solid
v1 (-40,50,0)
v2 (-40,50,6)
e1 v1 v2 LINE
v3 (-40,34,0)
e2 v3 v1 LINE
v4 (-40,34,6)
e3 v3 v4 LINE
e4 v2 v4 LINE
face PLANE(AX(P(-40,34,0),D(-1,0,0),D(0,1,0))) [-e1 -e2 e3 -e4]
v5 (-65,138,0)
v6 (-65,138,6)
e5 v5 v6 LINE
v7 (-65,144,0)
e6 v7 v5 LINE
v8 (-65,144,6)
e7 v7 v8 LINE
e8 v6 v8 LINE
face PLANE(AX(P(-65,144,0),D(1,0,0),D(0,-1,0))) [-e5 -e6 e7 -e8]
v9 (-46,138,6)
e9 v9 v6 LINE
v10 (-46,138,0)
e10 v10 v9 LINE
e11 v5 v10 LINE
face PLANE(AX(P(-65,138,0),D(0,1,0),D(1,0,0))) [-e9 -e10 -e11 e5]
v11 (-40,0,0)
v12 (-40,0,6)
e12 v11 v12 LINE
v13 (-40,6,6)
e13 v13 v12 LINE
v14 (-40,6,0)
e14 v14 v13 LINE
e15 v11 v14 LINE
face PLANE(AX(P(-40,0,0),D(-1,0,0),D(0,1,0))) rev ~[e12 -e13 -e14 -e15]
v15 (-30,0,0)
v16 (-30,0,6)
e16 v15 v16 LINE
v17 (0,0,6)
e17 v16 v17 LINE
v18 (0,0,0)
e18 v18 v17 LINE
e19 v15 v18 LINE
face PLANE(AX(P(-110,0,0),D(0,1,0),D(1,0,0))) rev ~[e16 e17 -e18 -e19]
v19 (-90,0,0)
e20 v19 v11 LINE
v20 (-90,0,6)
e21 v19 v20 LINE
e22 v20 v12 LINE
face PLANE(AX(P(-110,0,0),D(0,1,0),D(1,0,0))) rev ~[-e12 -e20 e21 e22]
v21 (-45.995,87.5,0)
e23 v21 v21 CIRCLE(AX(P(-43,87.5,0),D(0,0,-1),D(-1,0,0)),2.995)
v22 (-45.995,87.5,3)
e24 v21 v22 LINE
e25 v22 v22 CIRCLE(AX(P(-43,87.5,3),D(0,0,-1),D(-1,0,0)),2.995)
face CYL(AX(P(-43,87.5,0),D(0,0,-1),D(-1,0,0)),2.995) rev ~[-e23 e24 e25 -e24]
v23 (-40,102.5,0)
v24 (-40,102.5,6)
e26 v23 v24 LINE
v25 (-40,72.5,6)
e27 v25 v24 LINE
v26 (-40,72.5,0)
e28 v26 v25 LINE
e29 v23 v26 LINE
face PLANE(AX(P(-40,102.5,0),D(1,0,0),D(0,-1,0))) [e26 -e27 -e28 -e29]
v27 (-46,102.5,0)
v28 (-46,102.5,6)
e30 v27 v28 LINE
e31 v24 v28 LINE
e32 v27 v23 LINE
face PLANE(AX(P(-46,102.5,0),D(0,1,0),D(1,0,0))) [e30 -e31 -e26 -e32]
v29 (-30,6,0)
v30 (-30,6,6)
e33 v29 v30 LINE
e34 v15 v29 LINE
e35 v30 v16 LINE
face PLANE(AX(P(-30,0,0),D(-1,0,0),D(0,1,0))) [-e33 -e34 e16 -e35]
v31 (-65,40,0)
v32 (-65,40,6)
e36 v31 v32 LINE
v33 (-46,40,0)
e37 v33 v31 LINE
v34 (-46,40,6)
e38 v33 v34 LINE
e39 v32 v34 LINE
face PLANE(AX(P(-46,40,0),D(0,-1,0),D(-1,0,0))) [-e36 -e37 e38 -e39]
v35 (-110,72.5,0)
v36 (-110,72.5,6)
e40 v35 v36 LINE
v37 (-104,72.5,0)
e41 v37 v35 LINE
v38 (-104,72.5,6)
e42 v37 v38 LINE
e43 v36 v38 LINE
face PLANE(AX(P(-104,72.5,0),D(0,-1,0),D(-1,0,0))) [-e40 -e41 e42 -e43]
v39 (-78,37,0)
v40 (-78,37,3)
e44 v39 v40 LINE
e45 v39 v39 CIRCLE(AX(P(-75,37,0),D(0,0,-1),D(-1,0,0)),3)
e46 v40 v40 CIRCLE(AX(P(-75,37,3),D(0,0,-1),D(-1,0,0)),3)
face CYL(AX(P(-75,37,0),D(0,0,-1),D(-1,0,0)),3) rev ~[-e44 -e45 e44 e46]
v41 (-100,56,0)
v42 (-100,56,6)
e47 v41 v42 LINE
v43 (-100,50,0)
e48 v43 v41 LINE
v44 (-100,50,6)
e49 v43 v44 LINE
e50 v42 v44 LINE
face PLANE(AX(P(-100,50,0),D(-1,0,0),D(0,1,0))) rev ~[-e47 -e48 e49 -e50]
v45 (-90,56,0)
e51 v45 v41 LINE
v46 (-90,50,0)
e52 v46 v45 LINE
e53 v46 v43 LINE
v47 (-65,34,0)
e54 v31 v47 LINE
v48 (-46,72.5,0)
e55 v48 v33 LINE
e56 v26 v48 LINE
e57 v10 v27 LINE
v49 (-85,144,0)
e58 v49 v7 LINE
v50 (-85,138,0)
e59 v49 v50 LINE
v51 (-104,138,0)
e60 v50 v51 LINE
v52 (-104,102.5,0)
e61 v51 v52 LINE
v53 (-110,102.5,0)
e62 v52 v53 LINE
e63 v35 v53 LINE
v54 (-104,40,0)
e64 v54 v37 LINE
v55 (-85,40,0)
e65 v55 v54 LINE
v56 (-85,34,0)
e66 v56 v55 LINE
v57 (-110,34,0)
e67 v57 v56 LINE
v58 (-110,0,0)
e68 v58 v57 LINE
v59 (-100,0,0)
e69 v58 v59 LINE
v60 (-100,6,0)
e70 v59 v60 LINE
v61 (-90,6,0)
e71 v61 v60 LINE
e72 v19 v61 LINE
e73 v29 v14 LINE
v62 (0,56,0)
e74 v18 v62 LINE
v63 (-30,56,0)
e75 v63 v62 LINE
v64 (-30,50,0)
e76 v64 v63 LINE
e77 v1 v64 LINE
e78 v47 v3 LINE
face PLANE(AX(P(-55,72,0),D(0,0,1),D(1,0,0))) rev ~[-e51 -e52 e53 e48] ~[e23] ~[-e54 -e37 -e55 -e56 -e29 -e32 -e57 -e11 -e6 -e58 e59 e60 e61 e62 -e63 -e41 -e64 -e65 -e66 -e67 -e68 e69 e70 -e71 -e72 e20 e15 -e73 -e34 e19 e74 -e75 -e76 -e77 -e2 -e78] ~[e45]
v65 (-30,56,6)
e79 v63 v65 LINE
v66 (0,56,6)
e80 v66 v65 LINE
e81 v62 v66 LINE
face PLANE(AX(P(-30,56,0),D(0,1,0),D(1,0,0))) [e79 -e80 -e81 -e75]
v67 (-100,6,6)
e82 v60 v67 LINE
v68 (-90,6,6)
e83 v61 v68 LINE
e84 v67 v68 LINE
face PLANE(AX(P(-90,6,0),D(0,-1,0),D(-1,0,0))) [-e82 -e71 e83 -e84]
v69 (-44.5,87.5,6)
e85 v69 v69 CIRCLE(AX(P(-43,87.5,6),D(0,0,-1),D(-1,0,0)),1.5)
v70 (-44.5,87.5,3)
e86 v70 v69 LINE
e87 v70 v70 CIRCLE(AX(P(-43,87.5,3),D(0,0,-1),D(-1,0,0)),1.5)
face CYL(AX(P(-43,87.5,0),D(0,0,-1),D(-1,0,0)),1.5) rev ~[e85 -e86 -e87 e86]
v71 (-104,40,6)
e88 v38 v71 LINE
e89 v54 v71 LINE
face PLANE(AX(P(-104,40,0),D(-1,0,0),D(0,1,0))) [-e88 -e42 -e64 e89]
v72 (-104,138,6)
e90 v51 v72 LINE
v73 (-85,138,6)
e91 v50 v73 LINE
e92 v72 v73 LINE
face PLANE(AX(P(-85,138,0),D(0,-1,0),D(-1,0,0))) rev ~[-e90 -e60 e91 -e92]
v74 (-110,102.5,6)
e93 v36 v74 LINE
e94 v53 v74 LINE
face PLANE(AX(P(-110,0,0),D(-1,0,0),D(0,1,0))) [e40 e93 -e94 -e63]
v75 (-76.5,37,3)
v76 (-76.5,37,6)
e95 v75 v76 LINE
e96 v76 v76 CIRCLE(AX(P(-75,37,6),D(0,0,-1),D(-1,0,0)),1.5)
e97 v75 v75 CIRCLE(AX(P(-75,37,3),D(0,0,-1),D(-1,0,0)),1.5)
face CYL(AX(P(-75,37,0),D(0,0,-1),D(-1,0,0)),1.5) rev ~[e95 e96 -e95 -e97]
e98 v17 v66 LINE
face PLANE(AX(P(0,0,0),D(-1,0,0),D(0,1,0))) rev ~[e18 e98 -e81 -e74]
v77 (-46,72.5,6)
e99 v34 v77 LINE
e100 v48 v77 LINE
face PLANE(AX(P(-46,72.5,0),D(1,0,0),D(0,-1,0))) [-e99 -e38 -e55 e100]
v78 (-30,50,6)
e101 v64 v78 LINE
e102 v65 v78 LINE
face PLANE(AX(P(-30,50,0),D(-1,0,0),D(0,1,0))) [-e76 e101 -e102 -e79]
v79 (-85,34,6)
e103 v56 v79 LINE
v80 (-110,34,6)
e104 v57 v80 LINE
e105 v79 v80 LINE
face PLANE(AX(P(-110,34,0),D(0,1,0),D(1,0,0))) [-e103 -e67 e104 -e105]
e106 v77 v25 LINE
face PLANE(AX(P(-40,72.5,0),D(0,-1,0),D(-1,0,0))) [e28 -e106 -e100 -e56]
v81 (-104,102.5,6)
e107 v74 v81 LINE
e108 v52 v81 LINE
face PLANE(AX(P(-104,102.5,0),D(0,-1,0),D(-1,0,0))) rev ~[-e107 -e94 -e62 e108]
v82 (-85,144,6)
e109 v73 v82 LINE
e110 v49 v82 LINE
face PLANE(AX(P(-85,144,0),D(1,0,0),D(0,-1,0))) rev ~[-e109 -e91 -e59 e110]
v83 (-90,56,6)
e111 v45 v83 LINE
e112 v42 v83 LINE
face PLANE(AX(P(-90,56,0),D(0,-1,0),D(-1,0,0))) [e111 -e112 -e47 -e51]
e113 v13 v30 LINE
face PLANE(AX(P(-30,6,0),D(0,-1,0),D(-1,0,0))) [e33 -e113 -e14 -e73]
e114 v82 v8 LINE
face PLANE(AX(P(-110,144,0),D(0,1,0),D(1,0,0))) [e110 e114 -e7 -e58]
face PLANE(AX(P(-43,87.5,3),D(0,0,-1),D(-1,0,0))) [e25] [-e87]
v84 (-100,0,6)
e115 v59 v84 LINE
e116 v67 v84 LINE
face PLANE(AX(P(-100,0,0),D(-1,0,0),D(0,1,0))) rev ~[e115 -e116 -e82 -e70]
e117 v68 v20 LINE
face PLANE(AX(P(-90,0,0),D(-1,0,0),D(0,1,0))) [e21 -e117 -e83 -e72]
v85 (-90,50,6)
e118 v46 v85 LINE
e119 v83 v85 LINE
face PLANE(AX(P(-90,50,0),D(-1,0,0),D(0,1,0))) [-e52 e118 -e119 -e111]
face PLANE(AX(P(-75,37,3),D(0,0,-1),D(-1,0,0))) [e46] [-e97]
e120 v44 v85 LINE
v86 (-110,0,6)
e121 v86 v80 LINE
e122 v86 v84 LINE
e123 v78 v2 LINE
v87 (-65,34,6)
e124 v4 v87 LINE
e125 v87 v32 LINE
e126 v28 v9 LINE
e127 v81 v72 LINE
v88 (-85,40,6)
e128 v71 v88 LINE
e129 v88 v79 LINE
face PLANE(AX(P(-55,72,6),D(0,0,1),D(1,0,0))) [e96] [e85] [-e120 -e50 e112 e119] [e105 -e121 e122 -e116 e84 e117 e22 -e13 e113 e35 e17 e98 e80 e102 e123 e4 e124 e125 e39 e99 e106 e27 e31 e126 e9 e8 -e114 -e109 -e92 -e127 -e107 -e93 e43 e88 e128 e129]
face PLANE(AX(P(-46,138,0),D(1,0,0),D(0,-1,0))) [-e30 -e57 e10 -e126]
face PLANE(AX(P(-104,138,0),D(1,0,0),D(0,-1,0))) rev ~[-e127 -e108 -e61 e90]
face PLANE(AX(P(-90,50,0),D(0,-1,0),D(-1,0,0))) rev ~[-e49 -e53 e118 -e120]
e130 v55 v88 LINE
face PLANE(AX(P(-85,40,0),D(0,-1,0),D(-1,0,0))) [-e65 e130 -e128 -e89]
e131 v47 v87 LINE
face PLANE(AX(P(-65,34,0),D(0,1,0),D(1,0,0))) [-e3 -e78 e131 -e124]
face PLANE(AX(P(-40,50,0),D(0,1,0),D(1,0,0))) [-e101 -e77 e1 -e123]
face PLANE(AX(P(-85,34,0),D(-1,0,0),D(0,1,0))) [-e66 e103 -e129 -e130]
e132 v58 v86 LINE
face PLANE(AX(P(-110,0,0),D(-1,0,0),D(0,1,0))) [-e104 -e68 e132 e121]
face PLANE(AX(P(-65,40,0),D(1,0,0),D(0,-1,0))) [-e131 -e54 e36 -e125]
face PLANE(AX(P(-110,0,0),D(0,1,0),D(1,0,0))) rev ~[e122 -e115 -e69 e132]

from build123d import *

# Parameters (mm, degrees)
ESQUISSE1_W             = 110
ESQUISSE1_H             = 144
BOSS_EXTRU_1_DEPTH      = 6
ESQUISSE2_W             = 10
ESQUISSE2_H             = 6
ENL_V_MAT_EXTRU_1_DEPTH = 182.306370544
ESQUISSE3_R             = 1.5
ENL_V_MAT_EXTRU_2_DEPTH = 182.306370544
ESQUISSE4_R             = 2.995
ESQUISSE4_R_2           = 3
ENL_V_MAT_EXTRU_3_DEPTH = 3


with BuildPart() as part:
    # Esquisse1 → Boss.-Extru.1 (new body)
    with BuildSketch(Plane.XY):
        with Locations((-55, 72)):
            Rectangle(ESQUISSE1_W, ESQUISSE1_H)
    extrude(amount=BOSS_EXTRU_1_DEPTH)

    # Esquisse2 → Enlèv. mat.-Extru.1 (cut, through all)
    with BuildSketch(Plane(origin=(0, 0, 0), x_dir=(-1, 0, 0), z_dir=(0, 0, -1))):
        Polygon((40, 102.5), (40, 72.5), (46, 72.5), (46, 40), (65, 40), (65, 34), (40, 34), (40, 50), (30, 50), (30, 56), (0, 56), (0, 144), (65, 144), (65, 138), (46, 138), (46, 102.5), align=None)
        Polygon((110, 144), (85, 144), (85, 138), (104, 138), (104, 102.5), (110, 102.5), align=None)
        Polygon((110, 72.5), (110, 34), (85, 34), (85, 40), (104, 40), (104, 72.5), align=None)
        with Locations((95, 3)):
            Rectangle(ESQUISSE2_W, ESQUISSE2_H)
        with Locations((35, 3)):
            Rectangle(ESQUISSE2_W, ESQUISSE2_H)
        with Locations((95, 53)):
            Rectangle(ESQUISSE2_W, ESQUISSE2_H)
    extrude(amount=-ENL_V_MAT_EXTRU_1_DEPTH, mode=Mode.SUBTRACT)

    # Esquisse3 → Enlèv. mat.-Extru.2 (cut, through all)
    with BuildSketch(Plane(origin=(0, 0, 0), x_dir=(-1, 0, 0), z_dir=(0, 0, -1))):
        with Locations((43, 87.5)):
            Circle(ESQUISSE3_R)
        with Locations((75, 37)):
            Circle(ESQUISSE3_R)
    extrude(amount=-ENL_V_MAT_EXTRU_2_DEPTH, mode=Mode.SUBTRACT)

    # Esquisse4 → Enlèv. mat.-Extru.3 (cut)
    with BuildSketch(Plane(origin=(0, 0, 0), x_dir=(-1, 0, 0), z_dir=(0, 0, -1))):
        with Locations((43, 87.5)):
            Circle(ESQUISSE4_R)
        with Locations((75, 37)):
            Circle(ESQUISSE4_R_2)
    extrude(amount=-ENL_V_MAT_EXTRU_3_DEPTH, mode=Mode.SUBTRACT)


solid = part.part
